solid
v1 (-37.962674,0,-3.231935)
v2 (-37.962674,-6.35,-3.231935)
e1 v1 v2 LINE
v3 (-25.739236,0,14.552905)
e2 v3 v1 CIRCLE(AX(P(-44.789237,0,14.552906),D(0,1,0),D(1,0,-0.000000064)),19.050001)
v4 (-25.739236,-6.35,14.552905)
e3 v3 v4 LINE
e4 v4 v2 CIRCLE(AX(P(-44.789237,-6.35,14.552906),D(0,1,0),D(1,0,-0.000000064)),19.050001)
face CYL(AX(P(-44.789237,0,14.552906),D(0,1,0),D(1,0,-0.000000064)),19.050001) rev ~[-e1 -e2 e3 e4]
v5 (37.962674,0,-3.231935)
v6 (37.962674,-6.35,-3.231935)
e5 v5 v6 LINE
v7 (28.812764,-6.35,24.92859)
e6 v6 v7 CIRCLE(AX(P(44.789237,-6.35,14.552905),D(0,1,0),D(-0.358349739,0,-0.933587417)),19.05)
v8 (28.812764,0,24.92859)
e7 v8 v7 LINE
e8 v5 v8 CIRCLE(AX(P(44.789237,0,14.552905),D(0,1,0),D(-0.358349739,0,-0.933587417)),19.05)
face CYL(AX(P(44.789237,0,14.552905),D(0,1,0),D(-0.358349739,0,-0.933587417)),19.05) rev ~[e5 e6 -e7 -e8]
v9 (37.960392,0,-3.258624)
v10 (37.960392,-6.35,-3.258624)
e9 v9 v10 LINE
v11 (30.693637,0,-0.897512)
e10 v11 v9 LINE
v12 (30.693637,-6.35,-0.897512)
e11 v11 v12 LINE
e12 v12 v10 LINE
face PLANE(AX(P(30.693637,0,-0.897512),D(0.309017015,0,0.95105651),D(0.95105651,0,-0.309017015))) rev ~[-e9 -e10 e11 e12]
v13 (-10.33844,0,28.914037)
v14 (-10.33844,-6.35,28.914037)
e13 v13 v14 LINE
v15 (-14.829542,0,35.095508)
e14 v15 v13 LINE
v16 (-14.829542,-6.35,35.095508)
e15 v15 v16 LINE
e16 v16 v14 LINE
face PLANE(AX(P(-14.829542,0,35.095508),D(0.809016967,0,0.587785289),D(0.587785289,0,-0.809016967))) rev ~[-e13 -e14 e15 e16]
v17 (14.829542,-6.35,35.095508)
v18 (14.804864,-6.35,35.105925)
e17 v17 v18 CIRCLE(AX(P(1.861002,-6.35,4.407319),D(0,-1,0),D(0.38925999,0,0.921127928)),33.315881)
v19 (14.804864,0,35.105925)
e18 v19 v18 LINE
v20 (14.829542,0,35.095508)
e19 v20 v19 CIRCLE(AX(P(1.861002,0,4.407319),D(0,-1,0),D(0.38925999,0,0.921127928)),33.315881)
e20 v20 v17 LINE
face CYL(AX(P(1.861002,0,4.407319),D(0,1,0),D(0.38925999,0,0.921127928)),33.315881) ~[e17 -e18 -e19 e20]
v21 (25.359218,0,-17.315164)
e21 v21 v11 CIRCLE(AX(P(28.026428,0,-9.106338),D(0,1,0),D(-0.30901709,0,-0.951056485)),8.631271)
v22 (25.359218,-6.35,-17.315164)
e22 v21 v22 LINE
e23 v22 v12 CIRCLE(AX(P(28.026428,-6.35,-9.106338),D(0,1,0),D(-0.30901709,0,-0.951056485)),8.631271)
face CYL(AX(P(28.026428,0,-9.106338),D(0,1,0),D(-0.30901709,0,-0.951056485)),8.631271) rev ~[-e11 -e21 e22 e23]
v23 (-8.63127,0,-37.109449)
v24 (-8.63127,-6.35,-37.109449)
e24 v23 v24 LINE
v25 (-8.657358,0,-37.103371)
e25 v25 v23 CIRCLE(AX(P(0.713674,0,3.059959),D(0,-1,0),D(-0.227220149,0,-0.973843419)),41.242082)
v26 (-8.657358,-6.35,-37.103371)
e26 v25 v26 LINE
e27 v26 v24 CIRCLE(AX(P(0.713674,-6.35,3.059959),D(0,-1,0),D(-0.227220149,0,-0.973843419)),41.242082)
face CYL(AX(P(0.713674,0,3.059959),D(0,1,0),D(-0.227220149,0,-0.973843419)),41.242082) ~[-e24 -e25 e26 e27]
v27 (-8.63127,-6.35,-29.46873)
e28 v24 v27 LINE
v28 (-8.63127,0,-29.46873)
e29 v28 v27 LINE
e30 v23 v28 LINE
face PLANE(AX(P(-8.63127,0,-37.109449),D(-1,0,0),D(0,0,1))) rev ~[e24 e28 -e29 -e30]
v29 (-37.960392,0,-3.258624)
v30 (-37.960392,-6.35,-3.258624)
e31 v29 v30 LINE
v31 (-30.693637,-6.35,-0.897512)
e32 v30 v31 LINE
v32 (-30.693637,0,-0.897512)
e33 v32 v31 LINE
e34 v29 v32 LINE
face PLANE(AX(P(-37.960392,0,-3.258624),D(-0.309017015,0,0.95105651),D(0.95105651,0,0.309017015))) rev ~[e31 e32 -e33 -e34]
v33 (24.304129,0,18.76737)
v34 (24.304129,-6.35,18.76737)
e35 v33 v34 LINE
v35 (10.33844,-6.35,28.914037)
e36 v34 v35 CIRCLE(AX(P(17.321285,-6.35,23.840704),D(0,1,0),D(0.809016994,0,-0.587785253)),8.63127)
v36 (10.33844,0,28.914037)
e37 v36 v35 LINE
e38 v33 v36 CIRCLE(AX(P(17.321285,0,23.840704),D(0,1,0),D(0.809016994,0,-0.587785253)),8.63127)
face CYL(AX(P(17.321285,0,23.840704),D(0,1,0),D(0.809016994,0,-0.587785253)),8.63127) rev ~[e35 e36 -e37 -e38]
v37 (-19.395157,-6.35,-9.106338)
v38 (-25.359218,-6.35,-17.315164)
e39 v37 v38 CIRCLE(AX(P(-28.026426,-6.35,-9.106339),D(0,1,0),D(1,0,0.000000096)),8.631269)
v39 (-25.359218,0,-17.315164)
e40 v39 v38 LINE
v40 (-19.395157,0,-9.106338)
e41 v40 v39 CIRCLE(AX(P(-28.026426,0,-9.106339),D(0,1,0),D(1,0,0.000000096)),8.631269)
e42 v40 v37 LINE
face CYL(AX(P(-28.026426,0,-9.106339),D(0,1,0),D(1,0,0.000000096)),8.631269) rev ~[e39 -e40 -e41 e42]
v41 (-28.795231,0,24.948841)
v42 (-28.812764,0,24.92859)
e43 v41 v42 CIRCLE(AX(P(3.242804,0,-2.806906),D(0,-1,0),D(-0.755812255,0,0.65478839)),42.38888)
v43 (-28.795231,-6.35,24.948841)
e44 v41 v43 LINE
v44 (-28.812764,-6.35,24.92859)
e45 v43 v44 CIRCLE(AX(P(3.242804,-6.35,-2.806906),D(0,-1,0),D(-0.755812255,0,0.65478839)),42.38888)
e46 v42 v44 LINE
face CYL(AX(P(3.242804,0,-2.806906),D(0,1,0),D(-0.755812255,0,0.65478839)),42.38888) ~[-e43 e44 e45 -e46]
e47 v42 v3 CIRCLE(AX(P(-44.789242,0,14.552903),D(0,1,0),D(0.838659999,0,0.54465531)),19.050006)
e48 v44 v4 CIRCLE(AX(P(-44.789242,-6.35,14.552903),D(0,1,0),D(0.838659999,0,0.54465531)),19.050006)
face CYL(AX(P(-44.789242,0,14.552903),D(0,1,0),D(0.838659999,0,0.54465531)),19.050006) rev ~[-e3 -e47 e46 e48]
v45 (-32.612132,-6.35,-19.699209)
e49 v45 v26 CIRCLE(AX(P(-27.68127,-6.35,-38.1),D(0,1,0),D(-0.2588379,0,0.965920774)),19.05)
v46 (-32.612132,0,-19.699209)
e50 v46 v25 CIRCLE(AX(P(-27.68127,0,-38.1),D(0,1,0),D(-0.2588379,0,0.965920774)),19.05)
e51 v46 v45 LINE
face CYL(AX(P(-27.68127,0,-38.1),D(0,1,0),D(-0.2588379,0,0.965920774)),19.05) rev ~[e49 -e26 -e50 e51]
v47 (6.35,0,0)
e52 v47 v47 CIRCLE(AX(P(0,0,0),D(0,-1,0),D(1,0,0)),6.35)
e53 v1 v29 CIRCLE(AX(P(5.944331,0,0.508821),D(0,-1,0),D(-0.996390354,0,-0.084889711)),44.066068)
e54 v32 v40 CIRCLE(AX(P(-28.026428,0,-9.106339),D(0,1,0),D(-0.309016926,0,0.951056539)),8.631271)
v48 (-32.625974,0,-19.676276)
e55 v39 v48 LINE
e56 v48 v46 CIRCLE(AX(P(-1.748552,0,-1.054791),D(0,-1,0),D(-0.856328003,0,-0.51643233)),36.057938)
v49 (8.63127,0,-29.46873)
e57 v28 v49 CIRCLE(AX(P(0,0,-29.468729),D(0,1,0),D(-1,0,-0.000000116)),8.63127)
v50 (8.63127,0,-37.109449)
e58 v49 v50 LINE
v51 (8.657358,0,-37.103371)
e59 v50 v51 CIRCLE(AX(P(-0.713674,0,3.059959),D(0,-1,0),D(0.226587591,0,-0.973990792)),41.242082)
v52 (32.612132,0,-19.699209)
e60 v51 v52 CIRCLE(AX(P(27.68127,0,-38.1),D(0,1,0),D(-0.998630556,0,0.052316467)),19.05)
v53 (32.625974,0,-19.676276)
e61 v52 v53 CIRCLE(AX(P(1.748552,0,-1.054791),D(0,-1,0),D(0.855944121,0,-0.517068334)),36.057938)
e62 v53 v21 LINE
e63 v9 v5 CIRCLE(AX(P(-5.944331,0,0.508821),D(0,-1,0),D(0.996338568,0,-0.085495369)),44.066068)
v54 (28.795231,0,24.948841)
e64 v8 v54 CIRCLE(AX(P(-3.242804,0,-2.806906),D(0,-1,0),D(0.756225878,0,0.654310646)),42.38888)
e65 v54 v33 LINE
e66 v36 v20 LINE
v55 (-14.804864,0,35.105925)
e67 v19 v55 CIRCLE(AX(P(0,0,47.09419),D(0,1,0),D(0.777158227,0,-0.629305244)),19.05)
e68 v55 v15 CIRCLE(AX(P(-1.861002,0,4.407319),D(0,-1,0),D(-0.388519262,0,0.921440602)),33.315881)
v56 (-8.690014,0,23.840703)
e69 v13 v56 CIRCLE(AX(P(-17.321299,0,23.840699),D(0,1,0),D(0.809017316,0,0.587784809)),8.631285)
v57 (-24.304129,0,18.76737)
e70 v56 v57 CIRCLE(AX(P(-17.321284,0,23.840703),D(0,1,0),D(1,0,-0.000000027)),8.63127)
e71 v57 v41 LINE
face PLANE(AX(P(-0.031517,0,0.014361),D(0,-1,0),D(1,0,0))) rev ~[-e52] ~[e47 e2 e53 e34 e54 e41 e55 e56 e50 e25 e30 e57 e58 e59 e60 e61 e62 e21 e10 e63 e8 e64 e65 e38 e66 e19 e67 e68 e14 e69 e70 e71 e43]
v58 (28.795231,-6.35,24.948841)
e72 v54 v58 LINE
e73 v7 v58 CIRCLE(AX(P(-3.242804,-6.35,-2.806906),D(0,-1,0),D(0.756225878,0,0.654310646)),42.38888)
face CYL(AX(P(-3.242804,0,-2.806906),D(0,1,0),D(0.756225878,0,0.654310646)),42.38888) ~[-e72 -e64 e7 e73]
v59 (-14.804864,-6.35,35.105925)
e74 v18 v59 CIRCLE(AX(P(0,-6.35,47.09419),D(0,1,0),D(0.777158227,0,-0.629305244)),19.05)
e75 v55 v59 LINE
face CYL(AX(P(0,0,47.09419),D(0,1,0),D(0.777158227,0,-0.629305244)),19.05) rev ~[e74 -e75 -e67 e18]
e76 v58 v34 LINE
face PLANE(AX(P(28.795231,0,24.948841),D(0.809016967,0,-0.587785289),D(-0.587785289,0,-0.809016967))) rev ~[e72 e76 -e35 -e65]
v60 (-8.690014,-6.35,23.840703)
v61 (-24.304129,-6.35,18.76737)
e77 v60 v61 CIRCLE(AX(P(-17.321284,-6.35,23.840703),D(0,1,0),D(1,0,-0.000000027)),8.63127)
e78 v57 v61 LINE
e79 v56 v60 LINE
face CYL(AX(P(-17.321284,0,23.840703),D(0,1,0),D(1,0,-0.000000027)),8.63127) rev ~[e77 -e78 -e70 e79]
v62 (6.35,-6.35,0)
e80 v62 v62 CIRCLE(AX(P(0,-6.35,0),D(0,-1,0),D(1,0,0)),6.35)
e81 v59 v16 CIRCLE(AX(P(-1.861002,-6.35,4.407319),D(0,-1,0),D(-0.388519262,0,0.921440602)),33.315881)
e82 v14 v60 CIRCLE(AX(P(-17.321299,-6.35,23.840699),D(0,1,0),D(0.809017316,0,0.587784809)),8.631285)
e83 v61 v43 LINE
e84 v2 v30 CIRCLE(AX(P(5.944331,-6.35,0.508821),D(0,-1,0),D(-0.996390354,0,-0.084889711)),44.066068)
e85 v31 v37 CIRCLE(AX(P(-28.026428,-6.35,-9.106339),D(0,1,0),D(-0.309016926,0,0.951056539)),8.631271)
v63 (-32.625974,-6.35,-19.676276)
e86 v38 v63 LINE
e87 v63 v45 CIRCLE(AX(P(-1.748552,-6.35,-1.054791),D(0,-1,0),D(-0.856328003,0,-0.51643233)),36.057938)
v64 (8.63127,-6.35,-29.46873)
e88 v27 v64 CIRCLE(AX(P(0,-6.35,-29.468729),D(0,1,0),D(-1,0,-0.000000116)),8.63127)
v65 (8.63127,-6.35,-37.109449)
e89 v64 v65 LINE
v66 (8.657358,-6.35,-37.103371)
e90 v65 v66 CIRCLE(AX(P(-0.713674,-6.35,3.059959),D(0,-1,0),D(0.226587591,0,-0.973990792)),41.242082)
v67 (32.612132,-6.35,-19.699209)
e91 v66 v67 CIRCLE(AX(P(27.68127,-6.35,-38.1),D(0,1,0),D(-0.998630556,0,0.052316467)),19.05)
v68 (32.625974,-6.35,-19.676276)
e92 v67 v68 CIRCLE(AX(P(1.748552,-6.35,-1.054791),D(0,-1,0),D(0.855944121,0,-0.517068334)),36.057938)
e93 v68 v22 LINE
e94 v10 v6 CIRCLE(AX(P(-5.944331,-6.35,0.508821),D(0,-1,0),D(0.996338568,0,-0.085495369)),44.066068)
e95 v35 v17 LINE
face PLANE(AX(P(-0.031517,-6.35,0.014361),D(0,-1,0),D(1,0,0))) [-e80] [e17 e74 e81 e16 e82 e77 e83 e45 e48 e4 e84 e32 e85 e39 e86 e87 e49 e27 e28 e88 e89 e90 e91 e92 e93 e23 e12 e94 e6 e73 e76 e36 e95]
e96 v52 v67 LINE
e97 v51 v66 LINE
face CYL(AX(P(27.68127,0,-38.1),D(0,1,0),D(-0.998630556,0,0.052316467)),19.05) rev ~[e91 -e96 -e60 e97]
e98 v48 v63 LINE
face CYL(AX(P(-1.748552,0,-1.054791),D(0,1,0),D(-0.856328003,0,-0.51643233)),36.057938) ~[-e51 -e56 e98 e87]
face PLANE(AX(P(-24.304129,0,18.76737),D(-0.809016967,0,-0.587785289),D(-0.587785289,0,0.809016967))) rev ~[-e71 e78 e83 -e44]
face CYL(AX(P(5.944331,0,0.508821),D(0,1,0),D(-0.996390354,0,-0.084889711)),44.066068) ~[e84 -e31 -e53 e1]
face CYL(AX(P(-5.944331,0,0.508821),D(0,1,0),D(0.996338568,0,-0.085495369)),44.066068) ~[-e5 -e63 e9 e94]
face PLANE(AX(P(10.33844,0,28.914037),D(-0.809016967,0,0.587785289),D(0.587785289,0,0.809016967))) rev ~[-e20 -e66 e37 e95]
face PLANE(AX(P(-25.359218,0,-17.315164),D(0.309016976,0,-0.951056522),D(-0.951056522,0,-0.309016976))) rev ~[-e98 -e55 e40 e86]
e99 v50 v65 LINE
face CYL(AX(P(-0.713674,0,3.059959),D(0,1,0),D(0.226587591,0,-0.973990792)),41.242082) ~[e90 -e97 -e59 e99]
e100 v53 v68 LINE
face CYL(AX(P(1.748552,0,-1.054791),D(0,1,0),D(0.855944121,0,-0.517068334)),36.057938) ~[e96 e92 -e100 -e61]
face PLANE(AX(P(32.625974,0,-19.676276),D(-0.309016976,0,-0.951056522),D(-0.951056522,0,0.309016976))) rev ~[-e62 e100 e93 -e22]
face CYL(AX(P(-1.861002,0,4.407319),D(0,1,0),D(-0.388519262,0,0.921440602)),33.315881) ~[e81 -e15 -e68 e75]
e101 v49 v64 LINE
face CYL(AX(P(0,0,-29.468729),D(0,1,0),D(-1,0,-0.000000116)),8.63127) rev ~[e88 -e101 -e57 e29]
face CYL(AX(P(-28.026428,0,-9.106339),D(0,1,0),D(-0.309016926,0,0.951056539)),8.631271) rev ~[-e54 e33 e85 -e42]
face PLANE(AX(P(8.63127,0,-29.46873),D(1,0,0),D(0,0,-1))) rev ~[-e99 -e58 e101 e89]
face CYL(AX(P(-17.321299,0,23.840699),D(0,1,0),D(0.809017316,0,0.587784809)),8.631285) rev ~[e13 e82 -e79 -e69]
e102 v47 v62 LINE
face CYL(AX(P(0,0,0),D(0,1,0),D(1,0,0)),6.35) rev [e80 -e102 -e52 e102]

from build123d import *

# Parameters (mm, degrees)
F0_R     = 6.35
F1_DEPTH = 6.35


with BuildPart() as f1:
    # F0 (on Front) → F1 (new body)
    with BuildSketch(Plane.XZ):
        with BuildLine():
            ThreePointArc((8.63127, -37.109449), (8.644315, -37.106412), (8.657358, -37.103371))
            ThreePointArc((8.657358, -37.103371), (16.483961, -22.688226), (32.612132, -19.699209))
            ThreePointArc((32.612132, -19.699209), (32.619055, -19.687744), (32.625974, -19.676276))
            Line((32.625974, -19.676276), (25.359218, -17.315164))
            ThreePointArc((25.359218, -17.315164), (19.817602, -6.439129), (30.693637, -0.897512))
            Line((30.693637, -0.897512), (37.960392, -3.258624))
            ThreePointArc((37.960392, -3.258624), (37.961535, -3.24528), (37.962674, -3.231935))
            ThreePointArc((37.962674, -3.231935), (26.67161, 8.666131), (28.812764, 24.92859))
            ThreePointArc((28.812764, 24.92859), (28.803999, 24.938717), (28.795231, 24.948841))
            Line((28.795231, 24.948841), (24.304129, 18.76737))
            ThreePointArc((24.304129, 18.76737), (12.247951, 16.857859), (10.33844, 28.914037))
            Line((10.33844, 28.914037), (14.829542, 35.095508))
            ThreePointArc((14.829542, 35.095508), (14.817204, 35.100719), (14.804864, 35.105925))
            ThreePointArc((14.804864, 35.105925), (0, 28.04419), (-14.804864, 35.105925))
            ThreePointArc((-14.804864, 35.105925), (-14.817204, 35.100719), (-14.829542, 35.095508))
            Line((-14.829542, 35.095508), (-10.33844, 28.914037))
            ThreePointArc((-10.33844, 28.914037), (-9.112459, 26.507912), (-8.690014, 23.840703))
            ThreePointArc((-8.690014, 23.840703), (-14.654076, 15.631877), (-24.304129, 18.76737))
            Line((-24.304129, 18.76737), (-28.795231, 24.948841))
            ThreePointArc((-28.795231, 24.948841), (-28.803999, 24.938717), (-28.812764, 24.92859))
            ThreePointArc((-28.812764, 24.92859), (-26.523773, 19.963575), (-25.739236, 14.552905))
            ThreePointArc((-25.739236, 14.552905), (-29.089738, 3.762713), (-37.962674, -3.231935))
            ThreePointArc((-37.962674, -3.231935), (-37.961535, -3.24528), (-37.960392, -3.258624))
            Line((-37.960392, -3.258624), (-30.693637, -0.897512))
            ThreePointArc((-30.693637, -0.897512), (-22.953094, -2.123494), (-19.395157, -9.106338))
            ThreePointArc((-19.395157, -9.106338), (-21.043583, -14.179672), (-25.359218, -17.315164))
            Line((-25.359218, -17.315164), (-32.625974, -19.676276))
            ThreePointArc((-32.625974, -19.676276), (-32.619055, -19.687744), (-32.612132, -19.699209))
            ThreePointArc((-32.612132, -19.699209), (-16.483961, -22.688226), (-8.657358, -37.103371))
            ThreePointArc((-8.657358, -37.103371), (-8.644315, -37.106412), (-8.63127, -37.109449))
            Line((-8.63127, -37.109449), (-8.63127, -29.46873))
            ThreePointArc((-8.63127, -29.46873), (0, -20.837459), (8.63127, -29.46873))
            Line((8.63127, -29.46873), (8.63127, -37.109449))
        make_face()
        Circle(F0_R, mode=Mode.SUBTRACT)
    extrude(amount=F1_DEPTH)


solid = f1.part
